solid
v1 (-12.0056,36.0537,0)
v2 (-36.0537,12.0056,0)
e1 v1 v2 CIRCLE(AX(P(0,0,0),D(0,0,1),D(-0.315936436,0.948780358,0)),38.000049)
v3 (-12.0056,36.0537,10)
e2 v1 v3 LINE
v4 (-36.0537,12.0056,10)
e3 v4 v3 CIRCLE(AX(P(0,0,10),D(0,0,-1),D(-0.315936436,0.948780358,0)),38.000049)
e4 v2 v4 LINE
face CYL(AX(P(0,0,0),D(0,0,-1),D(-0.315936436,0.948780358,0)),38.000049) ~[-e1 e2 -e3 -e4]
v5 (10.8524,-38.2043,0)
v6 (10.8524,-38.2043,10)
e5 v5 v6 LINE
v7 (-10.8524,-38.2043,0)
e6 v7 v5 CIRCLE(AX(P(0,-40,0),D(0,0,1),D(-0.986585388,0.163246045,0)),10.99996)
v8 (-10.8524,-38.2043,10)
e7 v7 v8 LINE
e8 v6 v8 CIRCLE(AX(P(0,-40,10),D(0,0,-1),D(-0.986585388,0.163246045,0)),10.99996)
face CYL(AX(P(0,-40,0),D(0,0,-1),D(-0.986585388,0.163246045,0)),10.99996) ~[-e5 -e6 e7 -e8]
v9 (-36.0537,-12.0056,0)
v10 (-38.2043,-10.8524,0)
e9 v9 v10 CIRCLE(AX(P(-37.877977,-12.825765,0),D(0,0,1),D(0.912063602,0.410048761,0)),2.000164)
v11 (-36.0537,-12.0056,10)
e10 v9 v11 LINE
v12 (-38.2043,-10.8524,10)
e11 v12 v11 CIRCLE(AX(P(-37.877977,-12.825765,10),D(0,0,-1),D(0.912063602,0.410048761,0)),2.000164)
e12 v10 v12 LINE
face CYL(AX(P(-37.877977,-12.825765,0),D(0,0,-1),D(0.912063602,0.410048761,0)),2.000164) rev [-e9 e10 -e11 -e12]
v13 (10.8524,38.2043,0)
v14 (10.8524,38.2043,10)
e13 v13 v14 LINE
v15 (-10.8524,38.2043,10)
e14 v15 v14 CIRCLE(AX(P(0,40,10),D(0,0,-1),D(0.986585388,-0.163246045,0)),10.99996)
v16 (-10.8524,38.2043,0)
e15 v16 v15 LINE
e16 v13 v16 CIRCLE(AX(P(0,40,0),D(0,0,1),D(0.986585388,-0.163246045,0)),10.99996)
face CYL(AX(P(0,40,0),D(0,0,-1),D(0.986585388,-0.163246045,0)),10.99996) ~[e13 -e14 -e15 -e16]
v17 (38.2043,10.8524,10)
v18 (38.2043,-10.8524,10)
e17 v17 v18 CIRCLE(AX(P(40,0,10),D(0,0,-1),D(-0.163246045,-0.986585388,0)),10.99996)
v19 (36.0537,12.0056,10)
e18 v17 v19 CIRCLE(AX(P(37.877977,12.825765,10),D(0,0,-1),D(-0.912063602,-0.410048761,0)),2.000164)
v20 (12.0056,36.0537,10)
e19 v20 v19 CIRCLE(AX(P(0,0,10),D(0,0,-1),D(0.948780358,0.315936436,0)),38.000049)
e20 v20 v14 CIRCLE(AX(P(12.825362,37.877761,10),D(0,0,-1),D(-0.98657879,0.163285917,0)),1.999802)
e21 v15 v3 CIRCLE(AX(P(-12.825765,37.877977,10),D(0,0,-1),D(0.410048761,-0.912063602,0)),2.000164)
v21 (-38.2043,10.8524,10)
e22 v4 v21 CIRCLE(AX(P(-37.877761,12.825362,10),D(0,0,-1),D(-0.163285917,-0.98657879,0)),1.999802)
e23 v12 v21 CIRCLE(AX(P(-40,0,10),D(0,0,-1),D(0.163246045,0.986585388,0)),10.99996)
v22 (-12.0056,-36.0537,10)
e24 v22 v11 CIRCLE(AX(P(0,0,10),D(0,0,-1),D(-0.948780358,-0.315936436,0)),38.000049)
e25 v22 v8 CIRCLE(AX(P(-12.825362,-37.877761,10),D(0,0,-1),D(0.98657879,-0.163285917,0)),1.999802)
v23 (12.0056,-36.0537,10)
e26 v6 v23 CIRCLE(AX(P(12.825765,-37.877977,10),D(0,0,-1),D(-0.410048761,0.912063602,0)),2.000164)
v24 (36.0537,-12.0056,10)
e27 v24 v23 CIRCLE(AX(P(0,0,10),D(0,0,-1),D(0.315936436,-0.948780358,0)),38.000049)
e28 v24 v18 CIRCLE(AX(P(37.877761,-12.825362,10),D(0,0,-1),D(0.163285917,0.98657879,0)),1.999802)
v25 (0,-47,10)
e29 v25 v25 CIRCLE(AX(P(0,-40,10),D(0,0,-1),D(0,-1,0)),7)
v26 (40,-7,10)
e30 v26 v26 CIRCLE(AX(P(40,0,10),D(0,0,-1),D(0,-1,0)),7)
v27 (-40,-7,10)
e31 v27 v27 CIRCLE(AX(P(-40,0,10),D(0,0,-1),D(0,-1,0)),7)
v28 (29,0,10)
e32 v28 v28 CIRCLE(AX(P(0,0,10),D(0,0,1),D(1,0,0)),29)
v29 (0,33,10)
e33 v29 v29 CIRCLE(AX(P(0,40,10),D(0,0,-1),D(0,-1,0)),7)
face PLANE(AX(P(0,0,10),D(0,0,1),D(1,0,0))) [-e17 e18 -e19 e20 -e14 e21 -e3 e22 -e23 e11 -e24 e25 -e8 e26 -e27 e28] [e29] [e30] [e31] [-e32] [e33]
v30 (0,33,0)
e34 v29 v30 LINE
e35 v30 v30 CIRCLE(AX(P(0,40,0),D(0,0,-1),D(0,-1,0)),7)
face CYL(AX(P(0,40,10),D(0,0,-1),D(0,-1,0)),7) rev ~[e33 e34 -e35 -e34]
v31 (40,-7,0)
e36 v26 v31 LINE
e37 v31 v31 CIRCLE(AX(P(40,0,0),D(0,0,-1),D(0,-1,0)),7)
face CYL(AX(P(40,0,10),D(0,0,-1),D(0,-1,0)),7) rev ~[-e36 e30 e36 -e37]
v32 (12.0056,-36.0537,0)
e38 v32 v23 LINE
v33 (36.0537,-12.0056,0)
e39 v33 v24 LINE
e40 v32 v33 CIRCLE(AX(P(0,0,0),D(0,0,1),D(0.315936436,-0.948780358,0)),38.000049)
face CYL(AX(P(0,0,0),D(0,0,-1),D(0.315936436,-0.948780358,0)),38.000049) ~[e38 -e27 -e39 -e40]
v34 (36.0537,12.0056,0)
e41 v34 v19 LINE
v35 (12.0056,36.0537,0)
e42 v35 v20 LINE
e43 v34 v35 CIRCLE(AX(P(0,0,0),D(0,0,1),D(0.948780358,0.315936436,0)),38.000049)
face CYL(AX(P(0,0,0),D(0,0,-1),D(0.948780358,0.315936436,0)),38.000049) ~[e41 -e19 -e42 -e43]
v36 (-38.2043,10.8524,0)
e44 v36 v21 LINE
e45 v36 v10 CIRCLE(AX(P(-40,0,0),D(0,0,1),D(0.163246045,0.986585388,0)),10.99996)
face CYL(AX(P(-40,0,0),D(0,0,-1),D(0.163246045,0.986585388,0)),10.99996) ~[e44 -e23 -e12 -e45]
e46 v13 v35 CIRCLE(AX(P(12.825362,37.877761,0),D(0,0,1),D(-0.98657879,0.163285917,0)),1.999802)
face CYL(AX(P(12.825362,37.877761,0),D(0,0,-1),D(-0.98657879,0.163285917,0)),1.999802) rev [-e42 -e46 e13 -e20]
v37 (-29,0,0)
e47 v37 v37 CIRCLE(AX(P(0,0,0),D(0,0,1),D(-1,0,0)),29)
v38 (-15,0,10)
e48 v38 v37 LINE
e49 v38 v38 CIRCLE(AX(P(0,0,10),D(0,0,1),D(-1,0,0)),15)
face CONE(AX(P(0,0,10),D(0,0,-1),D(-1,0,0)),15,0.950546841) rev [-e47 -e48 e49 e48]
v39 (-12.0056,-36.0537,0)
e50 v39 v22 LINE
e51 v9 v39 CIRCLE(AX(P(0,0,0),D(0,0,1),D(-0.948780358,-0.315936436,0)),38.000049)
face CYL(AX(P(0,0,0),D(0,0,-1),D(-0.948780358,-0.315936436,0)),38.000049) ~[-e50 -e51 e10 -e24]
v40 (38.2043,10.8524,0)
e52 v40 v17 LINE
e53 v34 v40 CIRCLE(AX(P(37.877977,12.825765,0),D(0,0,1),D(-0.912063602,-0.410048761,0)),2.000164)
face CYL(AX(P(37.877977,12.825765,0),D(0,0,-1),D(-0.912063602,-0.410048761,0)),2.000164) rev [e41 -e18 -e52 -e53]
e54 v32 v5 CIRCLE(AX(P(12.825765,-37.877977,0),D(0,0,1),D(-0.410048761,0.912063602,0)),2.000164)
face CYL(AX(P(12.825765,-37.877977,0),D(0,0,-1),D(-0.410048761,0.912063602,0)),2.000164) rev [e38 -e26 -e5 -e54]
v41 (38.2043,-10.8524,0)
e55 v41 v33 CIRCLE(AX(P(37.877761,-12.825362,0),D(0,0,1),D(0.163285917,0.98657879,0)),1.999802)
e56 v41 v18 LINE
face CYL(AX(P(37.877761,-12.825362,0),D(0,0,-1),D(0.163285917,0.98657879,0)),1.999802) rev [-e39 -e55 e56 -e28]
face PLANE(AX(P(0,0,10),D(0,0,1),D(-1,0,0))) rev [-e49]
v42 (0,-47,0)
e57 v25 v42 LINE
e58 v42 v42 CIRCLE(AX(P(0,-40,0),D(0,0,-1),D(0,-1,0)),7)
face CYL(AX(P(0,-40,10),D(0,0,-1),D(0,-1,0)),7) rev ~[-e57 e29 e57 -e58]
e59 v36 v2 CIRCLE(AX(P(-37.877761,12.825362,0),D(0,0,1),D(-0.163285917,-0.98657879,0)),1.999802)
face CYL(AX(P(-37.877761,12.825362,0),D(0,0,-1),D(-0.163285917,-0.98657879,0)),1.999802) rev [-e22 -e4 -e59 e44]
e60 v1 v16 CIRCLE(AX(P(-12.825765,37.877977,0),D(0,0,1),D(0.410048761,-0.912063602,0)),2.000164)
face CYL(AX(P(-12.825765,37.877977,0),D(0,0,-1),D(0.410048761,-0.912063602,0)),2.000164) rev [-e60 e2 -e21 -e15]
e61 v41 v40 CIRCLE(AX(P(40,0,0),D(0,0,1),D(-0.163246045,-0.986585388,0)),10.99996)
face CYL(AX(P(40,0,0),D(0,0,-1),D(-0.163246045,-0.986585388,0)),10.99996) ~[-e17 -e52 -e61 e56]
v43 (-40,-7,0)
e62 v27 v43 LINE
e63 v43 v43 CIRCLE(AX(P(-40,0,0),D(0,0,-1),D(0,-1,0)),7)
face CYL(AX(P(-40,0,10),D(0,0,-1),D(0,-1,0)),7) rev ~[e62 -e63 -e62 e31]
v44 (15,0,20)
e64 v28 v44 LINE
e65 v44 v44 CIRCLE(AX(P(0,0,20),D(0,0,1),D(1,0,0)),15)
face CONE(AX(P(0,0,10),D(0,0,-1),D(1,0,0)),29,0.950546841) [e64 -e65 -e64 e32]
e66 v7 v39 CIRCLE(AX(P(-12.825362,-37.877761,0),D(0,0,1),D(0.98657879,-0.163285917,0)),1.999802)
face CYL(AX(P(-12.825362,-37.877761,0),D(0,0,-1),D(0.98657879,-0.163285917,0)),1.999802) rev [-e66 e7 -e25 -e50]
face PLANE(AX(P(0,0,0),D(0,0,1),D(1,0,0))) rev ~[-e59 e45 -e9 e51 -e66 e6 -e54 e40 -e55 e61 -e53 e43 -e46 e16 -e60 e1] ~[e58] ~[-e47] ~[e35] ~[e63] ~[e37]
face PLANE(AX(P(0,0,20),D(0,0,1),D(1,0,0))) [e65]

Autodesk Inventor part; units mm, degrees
ref_plane "YZ Plane" through (0, 0, 0) normal (1, 0, 0) x (0, 1, 0)
ref_plane "XZ Plane" through (0, 0, 0) normal (0, 1, 0) x (-1, 0, 0)
ref_plane "XY Plane" through (0, 0, 0) normal (0, 0, 1) x (1, 0, 0)
sketch "Эскиз1" plane through (0, 0, 0) normal (0, 0, 1) x (1, 0, 0)
  arc A0 (-38.2043, 10.8524) -> (-38.2043, -10.8524) centre (-40, 0) ccw
  arc A1 (-10.8524, -38.2043) -> (10.8524, -38.2043) centre (0, -40) ccw
  arc A2 (10.8524, 38.2043) -> (-10.8524, 38.2043) centre (0, 40) ccw
  arc A3 (38.2043, -10.8524) -> (38.2043, 10.8524) centre (40, 0) ccw
  arc A4 (-38.2043, 10.8524) -> (-36.0537, 12.0056) centre (-37.8778, 12.8256) ccw
  arc A5 (-36.0537, -12.0056) -> (-38.2043, -10.8524) centre (-37.8778, -12.8256) ccw
  arc A6 (-10.8524, -38.2043) -> (-12.0056, -36.0537) centre (-12.8256, -37.8778) ccw
  arc A7 (12.0056, -36.0537) -> (10.8524, -38.2043) centre (12.8256, -37.8778) ccw
  arc A8 (38.2043, -10.8524) -> (36.0537, -12.0056) centre (37.8778, -12.8256) ccw
  arc A9 (36.0537, 12.0056) -> (38.2043, 10.8524) centre (37.8778, 12.8256) ccw
  arc A10 (10.8524, 38.2043) -> (12.0056, 36.0537) centre (12.8256, 37.8778) ccw
  arc A11 (-12.0056, 36.0537) -> (-10.8524, 38.2043) centre (-12.8256, 37.8778) ccw
  arc A12 (-12.0056, 36.0537) -> (-36.0537, 12.0056) centre (0, 0) ccw
  arc A13 (36.0537, 12.0056) -> (12.0056, 36.0537) centre (0, 0) ccw
  arc A14 (-36.0537, -12.0056) -> (-12.0056, -36.0537) centre (0, 0) ccw
  arc A15 (12.0056, -36.0537) -> (36.0537, -12.0056) centre (0, 0) ccw
  dimension "d87" = 22
  dimension "d88" = 22
  dimension "d89" = 22
  dimension "d90" = 22
  dimension "d91" = 40
  dimension "d92" = 40
  dimension "d93" = 40
  dimension "d94" = 40
  dimension "d95" = 4
  dimension "d96" = 4
  dimension "d97" = 4
  dimension "d98" = 4
  dimension "d99" = 4
  dimension "d100" = 4
  dimension "d101" = 4
  dimension "d102" = 4
  dimension "d103" = 38
  dimension "d104" = 38
  dimension "d105" = 38
  dimension "d106" = 38
  dimension "d107" = 37.8778
  dimension "d108" = 37.8778
  dimension "d109" = 37.8778
  dimension "d110" = 37.8778
  dimension "d111" = 37.8778
  dimension "d112" = 37.8778
  dimension "d113" = 37.8778
  dimension "d114" = 37.8778
extrude "Выдавливание1" add sketch "Эскиз1" along normal blind 20
sketch "Эскиз4" plane through (0, 0, 0) normal (0, 1, 0) x (-1, 0, 0)
  line L0 (0, 0) -> (29, 0)
  line L1 (0, 10) -> (15, 10)
  line L2 (15, 10) -> (29, 0)
  line L3 (0, 10) -> (0, 0)
  line L4 (11, 0) -> (-11, 0) projected
  line L5 (0, -4) -> (0, 24) projected
  point P0 (10.8524, 0)
  point P1 (-10.8524, 0)
  dimension "d115" = 29
  dimension "d116" = 15
  dimension "d117" = 10
revolve "Вращение4" cut sketch "Эскиз4" angle 360 about axis through (0, 0, -10) along (0, 0, 1)
sketch "Эскиз5" plane through (0, 0, 0) normal (0, 1, 0) x (-1, 0, 0)
  line L0 (-51, 0) -> (-51, 20) projected
  line L1 (-51, 10) -> (-29, 10)
  line L2 (-29, 10) -> (-15, 20)
  line L3 (-15, 20) -> (-51, 20)
  line L4 (-12.0056, 20) -> (-36.0537, 20) projected
  line L5 (-15, 10) -> (-29, 0) projected
  line L6 (-38.2043, 0) -> (-51, 0) projected
  line L7 (0, -4) -> (0, 24) projected
  point P0 (0, 0)
  dimension "d120" = 10
  dimension "d122" = 29
revolve "Вращение5" cut sketch "Эскиз5" angle 360 about axis through (0, 0, -10) along (0, 0, 1)
sketch "Эскиз6" plane through (0, -40, 10) normal (0, 0, 1) x (1, 0, 0)
  circle A0 centre (0, 0) radius 7
  circle A1 centre (-40, 40) radius 7
  circle A2 centre (0, 80) radius 7
  circle A3 centre (40, 40) radius 7
  point P0 (0, 40)
  dimension "d125" = 40
  dimension "d126" = 40
  dimension "d127" = 40
  dimension "d128" = 40
  dimension "d129" = 14
  dimension "d130" = 14
  dimension "d131" = 14
  dimension "d132" = 14
hole "Отверстие1" at (0, -40, 10) at (-40, 0, 10) at (40, 0, 10) at (0, 40, 10) direction (0, 0, -1) diameter 14 depth 10
